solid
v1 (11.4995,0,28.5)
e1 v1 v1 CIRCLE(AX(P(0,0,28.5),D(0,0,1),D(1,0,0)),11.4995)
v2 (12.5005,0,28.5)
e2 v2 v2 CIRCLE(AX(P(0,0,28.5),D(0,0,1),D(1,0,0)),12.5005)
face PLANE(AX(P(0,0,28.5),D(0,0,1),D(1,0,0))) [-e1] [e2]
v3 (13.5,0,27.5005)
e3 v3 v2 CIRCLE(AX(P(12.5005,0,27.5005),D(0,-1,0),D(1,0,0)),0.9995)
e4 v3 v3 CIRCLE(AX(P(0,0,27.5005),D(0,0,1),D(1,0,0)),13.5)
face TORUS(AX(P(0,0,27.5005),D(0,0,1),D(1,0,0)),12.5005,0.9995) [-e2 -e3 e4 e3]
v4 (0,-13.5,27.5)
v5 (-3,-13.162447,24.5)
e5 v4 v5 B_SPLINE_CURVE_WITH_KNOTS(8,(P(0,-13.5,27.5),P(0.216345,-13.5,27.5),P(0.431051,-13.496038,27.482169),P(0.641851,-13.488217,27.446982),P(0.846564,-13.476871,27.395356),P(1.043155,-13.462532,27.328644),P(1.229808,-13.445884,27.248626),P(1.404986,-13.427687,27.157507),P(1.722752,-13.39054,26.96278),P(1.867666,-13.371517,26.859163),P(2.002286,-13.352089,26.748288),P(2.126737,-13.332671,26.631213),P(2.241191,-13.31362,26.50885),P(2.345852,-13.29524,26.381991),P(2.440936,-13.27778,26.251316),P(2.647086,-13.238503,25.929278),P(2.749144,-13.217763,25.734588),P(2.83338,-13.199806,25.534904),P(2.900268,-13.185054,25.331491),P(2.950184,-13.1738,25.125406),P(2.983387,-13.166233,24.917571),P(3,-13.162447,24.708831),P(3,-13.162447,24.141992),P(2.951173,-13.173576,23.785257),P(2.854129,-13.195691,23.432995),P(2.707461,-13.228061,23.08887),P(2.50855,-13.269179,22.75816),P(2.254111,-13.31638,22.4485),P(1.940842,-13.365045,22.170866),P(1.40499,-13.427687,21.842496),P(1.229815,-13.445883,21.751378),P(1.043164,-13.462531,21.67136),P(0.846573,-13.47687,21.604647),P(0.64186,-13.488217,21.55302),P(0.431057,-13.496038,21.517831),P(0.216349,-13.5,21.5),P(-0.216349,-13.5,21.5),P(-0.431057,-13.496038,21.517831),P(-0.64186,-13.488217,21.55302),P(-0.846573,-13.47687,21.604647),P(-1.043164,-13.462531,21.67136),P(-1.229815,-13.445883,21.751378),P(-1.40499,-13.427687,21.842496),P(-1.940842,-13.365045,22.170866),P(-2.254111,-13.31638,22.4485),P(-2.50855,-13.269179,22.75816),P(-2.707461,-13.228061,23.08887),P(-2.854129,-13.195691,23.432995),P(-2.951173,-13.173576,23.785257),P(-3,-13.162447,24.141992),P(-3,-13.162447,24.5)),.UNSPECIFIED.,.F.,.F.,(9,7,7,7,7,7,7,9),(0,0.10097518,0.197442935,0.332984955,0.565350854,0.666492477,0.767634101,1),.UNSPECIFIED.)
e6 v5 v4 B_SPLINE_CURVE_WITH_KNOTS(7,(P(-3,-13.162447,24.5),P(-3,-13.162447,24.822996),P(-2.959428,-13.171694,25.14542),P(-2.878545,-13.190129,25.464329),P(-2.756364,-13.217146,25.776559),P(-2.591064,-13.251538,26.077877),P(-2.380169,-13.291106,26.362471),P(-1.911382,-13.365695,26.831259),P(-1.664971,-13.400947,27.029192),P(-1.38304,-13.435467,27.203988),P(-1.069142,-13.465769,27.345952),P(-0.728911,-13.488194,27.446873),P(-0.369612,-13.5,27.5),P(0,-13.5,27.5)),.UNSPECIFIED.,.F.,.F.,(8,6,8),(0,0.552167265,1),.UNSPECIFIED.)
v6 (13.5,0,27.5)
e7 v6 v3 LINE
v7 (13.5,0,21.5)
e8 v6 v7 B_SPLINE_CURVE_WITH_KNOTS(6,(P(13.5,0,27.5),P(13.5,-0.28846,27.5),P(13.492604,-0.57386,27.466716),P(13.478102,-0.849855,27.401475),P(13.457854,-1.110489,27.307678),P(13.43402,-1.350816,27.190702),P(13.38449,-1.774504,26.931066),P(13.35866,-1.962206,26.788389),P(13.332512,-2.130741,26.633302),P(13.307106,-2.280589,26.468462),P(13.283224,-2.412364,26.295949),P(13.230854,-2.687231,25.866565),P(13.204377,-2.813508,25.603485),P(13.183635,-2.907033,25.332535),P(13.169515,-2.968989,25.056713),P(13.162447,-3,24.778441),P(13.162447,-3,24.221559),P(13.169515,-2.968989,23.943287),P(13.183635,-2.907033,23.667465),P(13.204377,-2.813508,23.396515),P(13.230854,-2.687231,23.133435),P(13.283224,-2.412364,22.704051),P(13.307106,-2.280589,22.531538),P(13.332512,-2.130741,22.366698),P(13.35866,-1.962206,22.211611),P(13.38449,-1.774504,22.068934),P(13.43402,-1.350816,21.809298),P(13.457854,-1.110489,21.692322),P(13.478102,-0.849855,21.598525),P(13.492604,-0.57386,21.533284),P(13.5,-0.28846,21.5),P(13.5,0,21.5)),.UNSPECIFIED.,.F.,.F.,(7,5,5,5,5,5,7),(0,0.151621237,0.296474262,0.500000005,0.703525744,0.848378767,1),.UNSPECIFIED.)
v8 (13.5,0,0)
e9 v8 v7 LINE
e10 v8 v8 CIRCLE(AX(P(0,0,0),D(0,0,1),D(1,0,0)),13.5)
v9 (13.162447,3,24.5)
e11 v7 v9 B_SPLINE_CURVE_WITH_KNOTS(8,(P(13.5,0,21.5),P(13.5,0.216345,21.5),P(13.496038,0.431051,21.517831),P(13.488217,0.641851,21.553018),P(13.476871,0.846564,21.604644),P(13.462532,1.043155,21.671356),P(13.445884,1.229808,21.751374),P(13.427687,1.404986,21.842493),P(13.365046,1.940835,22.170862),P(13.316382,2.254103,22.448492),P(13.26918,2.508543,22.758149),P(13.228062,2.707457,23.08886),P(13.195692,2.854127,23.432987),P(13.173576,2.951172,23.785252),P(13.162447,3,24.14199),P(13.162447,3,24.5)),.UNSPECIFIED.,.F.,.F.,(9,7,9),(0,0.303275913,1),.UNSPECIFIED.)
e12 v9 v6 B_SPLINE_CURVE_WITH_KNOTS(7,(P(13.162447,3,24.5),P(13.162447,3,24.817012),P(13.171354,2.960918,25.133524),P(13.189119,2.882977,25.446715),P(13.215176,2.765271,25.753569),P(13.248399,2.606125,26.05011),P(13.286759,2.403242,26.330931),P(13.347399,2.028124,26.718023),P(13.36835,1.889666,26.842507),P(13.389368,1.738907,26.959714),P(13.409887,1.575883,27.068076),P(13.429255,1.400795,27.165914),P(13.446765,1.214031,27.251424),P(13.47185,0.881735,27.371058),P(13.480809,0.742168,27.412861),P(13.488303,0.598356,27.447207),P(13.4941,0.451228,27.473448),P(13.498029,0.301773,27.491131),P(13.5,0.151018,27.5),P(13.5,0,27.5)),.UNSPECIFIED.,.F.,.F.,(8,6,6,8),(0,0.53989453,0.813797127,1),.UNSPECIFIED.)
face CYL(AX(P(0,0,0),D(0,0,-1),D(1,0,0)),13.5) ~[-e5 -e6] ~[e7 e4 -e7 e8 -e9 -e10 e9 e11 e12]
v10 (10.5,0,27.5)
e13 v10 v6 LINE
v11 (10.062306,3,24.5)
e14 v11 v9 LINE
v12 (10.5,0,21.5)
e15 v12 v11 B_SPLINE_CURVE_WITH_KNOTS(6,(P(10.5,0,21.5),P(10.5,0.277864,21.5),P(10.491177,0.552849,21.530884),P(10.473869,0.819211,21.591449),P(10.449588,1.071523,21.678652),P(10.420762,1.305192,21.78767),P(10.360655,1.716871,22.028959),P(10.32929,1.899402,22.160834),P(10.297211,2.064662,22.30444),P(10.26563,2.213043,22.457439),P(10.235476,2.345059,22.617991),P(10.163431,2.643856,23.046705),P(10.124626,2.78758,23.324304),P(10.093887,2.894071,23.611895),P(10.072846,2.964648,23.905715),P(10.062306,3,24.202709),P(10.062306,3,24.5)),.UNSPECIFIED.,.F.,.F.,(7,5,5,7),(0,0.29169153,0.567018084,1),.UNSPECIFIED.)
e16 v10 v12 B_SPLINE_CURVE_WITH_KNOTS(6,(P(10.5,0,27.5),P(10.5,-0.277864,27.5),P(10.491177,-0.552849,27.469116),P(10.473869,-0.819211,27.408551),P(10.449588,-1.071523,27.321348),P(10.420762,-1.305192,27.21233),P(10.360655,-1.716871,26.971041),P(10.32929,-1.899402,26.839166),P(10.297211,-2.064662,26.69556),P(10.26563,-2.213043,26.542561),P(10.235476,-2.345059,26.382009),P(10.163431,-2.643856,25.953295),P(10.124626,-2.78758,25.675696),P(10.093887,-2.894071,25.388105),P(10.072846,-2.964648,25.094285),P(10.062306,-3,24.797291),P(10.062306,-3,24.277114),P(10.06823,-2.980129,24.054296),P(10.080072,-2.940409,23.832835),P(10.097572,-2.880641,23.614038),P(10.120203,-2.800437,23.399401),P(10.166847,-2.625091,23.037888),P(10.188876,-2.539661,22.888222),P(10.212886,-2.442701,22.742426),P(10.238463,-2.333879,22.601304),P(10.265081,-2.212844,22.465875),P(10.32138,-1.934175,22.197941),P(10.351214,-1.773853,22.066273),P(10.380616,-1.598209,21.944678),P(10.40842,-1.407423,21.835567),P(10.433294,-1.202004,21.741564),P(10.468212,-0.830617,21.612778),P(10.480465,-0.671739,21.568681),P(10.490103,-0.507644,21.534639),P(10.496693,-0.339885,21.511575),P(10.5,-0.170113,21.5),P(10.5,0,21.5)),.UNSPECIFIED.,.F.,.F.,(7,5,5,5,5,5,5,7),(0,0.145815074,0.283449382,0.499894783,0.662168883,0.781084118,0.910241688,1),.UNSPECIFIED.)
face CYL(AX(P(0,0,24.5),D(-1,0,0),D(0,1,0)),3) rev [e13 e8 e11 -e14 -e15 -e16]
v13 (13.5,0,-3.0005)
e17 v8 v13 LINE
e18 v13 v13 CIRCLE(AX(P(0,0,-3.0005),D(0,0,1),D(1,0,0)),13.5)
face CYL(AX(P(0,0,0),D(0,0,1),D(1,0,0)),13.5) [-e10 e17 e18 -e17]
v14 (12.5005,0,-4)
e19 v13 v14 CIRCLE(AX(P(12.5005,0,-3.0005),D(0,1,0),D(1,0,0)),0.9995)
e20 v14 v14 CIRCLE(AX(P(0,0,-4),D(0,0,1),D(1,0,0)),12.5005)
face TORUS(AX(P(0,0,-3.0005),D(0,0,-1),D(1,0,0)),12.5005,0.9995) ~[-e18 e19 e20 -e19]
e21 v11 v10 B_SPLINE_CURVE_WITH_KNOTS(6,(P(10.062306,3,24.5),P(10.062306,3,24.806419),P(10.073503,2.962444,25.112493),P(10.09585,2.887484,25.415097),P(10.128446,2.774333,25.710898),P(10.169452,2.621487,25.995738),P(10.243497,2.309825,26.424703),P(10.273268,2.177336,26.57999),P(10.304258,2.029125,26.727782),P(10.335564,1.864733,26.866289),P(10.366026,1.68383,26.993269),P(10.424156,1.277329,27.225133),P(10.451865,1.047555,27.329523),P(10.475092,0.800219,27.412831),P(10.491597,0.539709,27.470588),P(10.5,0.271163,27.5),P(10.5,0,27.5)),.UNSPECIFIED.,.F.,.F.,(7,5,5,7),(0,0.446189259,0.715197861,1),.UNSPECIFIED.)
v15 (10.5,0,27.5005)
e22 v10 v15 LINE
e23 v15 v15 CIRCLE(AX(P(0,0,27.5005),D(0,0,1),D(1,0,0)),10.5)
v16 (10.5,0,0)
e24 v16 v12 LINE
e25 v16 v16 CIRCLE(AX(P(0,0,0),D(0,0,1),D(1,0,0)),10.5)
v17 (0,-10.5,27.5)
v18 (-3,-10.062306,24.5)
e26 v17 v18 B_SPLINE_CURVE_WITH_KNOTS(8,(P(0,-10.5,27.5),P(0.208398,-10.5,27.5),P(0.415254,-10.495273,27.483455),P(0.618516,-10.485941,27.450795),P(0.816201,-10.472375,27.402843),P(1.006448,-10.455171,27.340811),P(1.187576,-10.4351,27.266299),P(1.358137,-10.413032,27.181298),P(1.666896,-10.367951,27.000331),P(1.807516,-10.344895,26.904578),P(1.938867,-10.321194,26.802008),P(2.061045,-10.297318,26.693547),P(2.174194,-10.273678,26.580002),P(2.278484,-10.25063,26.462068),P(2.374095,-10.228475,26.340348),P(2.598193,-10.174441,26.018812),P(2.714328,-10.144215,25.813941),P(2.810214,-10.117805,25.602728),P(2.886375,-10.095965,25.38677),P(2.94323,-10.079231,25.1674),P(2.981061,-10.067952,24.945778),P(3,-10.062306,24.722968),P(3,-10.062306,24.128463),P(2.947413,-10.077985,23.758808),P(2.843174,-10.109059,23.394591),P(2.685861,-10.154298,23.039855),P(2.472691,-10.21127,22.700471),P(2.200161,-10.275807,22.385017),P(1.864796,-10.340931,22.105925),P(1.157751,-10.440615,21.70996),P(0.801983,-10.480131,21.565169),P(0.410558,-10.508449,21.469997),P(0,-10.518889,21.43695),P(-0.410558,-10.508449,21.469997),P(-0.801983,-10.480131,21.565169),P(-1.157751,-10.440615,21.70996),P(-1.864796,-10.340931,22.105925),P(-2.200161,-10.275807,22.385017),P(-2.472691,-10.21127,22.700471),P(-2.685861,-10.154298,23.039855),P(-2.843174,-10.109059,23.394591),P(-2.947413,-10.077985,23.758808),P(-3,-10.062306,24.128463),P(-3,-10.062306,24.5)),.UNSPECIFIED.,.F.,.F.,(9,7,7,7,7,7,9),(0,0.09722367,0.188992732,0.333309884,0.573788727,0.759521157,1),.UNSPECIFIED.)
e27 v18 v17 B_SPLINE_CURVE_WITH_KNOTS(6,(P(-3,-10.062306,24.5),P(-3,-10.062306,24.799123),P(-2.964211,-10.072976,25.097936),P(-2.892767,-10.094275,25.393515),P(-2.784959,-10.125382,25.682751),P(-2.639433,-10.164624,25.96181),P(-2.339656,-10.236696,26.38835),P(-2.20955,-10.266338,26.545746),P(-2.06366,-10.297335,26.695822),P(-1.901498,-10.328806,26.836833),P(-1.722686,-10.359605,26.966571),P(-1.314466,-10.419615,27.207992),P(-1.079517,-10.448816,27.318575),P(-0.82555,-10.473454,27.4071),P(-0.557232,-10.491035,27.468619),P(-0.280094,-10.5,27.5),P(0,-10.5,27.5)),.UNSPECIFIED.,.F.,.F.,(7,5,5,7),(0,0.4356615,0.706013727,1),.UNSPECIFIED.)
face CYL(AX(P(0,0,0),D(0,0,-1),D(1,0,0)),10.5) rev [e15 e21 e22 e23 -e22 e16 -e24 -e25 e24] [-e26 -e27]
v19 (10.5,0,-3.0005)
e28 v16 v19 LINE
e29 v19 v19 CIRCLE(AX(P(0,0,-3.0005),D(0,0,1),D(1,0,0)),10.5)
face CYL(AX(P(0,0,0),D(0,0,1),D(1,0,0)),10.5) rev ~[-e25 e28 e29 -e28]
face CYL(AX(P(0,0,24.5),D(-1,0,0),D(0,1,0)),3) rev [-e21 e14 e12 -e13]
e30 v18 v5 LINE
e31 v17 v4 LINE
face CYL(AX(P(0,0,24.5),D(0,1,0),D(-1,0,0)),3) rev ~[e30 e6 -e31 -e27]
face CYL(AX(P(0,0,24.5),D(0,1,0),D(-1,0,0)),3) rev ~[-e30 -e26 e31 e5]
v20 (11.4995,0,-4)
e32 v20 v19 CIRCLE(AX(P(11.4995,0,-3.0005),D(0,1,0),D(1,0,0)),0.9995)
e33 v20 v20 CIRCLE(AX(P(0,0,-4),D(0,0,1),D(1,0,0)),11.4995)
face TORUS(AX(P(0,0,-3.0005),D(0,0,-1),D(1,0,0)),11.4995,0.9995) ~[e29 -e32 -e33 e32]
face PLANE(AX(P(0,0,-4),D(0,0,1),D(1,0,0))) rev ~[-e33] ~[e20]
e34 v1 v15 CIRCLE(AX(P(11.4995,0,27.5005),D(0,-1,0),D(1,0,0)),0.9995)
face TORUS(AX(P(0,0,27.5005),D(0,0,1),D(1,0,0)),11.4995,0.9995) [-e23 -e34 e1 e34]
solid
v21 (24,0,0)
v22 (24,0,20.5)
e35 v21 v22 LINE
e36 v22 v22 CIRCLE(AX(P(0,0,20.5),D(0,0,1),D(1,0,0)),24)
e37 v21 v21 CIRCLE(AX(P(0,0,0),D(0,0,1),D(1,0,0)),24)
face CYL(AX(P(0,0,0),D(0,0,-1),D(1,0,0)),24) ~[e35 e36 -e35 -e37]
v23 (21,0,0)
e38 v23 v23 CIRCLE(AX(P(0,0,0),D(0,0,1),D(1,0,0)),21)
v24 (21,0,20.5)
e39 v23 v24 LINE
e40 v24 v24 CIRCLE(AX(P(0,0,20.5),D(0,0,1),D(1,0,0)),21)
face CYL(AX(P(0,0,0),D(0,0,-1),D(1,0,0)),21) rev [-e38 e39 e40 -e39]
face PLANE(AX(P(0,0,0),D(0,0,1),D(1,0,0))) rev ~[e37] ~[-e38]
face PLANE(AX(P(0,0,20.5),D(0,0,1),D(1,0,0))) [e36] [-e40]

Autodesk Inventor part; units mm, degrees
ref_plane "YZ Plane" through (0, 0, 0) normal (1, 0, 0) x (0, 1, 0)
ref_plane "XZ Plane" through (0, 0, 0) normal (0, 1, 0) x (-1, 0, 0)
ref_plane "XY Plane" through (0, 0, 0) normal (0, 0, 1) x (1, 0, 0)
sketch "Sketch1" plane through (0, 0, 0) normal (0, 0, 1) x (1, 0, 0)
  circle A0 centre (0, 0) radius 24
  circle A1 centre (0, 0) radius 21
  circle A2 centre (0, 0) radius 10.5
  circle A3 centre (0, 0) radius 13.5
  dimension "d0" = 48
  dimension "d1" = 3
  dimension "d2" = 21
  dimension "d3" = 3
extrude "Extrusion1" add sketch "Sketch1" along normal blind 20.5 contours A0
extrude "Extrusion2" add sketch "Sketch1" along normal blind 28.5 and the other way blind 4 contours A3
sketch "Sketch2" plane through (0, 0, 0) normal (0, 1, 0) x (-1, 0, 0)
  line L0 (-13.5, -4) -> (-13.5, 28.5) projected
  line L1 (-10.5, 28.5) -> (10.5, 28.5) projected
  line L2 (0, 28.5) -> (0, 24.5)
  circle A0 centre (0, 24.5) radius 3
  point P0 (0, 0)
  dimension "d10" = 4
  dimension "d11" = 6
extrude "Extrusion3" cut sketch "Sketch2" against normal blind 28.5
sketch "Sketch3" plane through (0, 0, 0) normal (1, 0, 0) x (0, 1, 0)
  line L0 (-10.5, 28.5) -> (10.5, 28.5) projected
  line L1 (0, 28.5) -> (0, 24.5)
  circle A0 centre (0, 24.5) radius 3
  point P0 (0, 0)
  dimension "d14" = 4
  dimension "d15" = 6
extrude "Extrusion4" cut sketch "Sketch3" along normal blind 28.5
fillet "Fillet1" radius 1 4 edges at (-13.5, 0, 28.5) (-10.5, 0, 28.5) (-13.5, 0, -4) (-10.5, 0, -4)
properties part number "2"
